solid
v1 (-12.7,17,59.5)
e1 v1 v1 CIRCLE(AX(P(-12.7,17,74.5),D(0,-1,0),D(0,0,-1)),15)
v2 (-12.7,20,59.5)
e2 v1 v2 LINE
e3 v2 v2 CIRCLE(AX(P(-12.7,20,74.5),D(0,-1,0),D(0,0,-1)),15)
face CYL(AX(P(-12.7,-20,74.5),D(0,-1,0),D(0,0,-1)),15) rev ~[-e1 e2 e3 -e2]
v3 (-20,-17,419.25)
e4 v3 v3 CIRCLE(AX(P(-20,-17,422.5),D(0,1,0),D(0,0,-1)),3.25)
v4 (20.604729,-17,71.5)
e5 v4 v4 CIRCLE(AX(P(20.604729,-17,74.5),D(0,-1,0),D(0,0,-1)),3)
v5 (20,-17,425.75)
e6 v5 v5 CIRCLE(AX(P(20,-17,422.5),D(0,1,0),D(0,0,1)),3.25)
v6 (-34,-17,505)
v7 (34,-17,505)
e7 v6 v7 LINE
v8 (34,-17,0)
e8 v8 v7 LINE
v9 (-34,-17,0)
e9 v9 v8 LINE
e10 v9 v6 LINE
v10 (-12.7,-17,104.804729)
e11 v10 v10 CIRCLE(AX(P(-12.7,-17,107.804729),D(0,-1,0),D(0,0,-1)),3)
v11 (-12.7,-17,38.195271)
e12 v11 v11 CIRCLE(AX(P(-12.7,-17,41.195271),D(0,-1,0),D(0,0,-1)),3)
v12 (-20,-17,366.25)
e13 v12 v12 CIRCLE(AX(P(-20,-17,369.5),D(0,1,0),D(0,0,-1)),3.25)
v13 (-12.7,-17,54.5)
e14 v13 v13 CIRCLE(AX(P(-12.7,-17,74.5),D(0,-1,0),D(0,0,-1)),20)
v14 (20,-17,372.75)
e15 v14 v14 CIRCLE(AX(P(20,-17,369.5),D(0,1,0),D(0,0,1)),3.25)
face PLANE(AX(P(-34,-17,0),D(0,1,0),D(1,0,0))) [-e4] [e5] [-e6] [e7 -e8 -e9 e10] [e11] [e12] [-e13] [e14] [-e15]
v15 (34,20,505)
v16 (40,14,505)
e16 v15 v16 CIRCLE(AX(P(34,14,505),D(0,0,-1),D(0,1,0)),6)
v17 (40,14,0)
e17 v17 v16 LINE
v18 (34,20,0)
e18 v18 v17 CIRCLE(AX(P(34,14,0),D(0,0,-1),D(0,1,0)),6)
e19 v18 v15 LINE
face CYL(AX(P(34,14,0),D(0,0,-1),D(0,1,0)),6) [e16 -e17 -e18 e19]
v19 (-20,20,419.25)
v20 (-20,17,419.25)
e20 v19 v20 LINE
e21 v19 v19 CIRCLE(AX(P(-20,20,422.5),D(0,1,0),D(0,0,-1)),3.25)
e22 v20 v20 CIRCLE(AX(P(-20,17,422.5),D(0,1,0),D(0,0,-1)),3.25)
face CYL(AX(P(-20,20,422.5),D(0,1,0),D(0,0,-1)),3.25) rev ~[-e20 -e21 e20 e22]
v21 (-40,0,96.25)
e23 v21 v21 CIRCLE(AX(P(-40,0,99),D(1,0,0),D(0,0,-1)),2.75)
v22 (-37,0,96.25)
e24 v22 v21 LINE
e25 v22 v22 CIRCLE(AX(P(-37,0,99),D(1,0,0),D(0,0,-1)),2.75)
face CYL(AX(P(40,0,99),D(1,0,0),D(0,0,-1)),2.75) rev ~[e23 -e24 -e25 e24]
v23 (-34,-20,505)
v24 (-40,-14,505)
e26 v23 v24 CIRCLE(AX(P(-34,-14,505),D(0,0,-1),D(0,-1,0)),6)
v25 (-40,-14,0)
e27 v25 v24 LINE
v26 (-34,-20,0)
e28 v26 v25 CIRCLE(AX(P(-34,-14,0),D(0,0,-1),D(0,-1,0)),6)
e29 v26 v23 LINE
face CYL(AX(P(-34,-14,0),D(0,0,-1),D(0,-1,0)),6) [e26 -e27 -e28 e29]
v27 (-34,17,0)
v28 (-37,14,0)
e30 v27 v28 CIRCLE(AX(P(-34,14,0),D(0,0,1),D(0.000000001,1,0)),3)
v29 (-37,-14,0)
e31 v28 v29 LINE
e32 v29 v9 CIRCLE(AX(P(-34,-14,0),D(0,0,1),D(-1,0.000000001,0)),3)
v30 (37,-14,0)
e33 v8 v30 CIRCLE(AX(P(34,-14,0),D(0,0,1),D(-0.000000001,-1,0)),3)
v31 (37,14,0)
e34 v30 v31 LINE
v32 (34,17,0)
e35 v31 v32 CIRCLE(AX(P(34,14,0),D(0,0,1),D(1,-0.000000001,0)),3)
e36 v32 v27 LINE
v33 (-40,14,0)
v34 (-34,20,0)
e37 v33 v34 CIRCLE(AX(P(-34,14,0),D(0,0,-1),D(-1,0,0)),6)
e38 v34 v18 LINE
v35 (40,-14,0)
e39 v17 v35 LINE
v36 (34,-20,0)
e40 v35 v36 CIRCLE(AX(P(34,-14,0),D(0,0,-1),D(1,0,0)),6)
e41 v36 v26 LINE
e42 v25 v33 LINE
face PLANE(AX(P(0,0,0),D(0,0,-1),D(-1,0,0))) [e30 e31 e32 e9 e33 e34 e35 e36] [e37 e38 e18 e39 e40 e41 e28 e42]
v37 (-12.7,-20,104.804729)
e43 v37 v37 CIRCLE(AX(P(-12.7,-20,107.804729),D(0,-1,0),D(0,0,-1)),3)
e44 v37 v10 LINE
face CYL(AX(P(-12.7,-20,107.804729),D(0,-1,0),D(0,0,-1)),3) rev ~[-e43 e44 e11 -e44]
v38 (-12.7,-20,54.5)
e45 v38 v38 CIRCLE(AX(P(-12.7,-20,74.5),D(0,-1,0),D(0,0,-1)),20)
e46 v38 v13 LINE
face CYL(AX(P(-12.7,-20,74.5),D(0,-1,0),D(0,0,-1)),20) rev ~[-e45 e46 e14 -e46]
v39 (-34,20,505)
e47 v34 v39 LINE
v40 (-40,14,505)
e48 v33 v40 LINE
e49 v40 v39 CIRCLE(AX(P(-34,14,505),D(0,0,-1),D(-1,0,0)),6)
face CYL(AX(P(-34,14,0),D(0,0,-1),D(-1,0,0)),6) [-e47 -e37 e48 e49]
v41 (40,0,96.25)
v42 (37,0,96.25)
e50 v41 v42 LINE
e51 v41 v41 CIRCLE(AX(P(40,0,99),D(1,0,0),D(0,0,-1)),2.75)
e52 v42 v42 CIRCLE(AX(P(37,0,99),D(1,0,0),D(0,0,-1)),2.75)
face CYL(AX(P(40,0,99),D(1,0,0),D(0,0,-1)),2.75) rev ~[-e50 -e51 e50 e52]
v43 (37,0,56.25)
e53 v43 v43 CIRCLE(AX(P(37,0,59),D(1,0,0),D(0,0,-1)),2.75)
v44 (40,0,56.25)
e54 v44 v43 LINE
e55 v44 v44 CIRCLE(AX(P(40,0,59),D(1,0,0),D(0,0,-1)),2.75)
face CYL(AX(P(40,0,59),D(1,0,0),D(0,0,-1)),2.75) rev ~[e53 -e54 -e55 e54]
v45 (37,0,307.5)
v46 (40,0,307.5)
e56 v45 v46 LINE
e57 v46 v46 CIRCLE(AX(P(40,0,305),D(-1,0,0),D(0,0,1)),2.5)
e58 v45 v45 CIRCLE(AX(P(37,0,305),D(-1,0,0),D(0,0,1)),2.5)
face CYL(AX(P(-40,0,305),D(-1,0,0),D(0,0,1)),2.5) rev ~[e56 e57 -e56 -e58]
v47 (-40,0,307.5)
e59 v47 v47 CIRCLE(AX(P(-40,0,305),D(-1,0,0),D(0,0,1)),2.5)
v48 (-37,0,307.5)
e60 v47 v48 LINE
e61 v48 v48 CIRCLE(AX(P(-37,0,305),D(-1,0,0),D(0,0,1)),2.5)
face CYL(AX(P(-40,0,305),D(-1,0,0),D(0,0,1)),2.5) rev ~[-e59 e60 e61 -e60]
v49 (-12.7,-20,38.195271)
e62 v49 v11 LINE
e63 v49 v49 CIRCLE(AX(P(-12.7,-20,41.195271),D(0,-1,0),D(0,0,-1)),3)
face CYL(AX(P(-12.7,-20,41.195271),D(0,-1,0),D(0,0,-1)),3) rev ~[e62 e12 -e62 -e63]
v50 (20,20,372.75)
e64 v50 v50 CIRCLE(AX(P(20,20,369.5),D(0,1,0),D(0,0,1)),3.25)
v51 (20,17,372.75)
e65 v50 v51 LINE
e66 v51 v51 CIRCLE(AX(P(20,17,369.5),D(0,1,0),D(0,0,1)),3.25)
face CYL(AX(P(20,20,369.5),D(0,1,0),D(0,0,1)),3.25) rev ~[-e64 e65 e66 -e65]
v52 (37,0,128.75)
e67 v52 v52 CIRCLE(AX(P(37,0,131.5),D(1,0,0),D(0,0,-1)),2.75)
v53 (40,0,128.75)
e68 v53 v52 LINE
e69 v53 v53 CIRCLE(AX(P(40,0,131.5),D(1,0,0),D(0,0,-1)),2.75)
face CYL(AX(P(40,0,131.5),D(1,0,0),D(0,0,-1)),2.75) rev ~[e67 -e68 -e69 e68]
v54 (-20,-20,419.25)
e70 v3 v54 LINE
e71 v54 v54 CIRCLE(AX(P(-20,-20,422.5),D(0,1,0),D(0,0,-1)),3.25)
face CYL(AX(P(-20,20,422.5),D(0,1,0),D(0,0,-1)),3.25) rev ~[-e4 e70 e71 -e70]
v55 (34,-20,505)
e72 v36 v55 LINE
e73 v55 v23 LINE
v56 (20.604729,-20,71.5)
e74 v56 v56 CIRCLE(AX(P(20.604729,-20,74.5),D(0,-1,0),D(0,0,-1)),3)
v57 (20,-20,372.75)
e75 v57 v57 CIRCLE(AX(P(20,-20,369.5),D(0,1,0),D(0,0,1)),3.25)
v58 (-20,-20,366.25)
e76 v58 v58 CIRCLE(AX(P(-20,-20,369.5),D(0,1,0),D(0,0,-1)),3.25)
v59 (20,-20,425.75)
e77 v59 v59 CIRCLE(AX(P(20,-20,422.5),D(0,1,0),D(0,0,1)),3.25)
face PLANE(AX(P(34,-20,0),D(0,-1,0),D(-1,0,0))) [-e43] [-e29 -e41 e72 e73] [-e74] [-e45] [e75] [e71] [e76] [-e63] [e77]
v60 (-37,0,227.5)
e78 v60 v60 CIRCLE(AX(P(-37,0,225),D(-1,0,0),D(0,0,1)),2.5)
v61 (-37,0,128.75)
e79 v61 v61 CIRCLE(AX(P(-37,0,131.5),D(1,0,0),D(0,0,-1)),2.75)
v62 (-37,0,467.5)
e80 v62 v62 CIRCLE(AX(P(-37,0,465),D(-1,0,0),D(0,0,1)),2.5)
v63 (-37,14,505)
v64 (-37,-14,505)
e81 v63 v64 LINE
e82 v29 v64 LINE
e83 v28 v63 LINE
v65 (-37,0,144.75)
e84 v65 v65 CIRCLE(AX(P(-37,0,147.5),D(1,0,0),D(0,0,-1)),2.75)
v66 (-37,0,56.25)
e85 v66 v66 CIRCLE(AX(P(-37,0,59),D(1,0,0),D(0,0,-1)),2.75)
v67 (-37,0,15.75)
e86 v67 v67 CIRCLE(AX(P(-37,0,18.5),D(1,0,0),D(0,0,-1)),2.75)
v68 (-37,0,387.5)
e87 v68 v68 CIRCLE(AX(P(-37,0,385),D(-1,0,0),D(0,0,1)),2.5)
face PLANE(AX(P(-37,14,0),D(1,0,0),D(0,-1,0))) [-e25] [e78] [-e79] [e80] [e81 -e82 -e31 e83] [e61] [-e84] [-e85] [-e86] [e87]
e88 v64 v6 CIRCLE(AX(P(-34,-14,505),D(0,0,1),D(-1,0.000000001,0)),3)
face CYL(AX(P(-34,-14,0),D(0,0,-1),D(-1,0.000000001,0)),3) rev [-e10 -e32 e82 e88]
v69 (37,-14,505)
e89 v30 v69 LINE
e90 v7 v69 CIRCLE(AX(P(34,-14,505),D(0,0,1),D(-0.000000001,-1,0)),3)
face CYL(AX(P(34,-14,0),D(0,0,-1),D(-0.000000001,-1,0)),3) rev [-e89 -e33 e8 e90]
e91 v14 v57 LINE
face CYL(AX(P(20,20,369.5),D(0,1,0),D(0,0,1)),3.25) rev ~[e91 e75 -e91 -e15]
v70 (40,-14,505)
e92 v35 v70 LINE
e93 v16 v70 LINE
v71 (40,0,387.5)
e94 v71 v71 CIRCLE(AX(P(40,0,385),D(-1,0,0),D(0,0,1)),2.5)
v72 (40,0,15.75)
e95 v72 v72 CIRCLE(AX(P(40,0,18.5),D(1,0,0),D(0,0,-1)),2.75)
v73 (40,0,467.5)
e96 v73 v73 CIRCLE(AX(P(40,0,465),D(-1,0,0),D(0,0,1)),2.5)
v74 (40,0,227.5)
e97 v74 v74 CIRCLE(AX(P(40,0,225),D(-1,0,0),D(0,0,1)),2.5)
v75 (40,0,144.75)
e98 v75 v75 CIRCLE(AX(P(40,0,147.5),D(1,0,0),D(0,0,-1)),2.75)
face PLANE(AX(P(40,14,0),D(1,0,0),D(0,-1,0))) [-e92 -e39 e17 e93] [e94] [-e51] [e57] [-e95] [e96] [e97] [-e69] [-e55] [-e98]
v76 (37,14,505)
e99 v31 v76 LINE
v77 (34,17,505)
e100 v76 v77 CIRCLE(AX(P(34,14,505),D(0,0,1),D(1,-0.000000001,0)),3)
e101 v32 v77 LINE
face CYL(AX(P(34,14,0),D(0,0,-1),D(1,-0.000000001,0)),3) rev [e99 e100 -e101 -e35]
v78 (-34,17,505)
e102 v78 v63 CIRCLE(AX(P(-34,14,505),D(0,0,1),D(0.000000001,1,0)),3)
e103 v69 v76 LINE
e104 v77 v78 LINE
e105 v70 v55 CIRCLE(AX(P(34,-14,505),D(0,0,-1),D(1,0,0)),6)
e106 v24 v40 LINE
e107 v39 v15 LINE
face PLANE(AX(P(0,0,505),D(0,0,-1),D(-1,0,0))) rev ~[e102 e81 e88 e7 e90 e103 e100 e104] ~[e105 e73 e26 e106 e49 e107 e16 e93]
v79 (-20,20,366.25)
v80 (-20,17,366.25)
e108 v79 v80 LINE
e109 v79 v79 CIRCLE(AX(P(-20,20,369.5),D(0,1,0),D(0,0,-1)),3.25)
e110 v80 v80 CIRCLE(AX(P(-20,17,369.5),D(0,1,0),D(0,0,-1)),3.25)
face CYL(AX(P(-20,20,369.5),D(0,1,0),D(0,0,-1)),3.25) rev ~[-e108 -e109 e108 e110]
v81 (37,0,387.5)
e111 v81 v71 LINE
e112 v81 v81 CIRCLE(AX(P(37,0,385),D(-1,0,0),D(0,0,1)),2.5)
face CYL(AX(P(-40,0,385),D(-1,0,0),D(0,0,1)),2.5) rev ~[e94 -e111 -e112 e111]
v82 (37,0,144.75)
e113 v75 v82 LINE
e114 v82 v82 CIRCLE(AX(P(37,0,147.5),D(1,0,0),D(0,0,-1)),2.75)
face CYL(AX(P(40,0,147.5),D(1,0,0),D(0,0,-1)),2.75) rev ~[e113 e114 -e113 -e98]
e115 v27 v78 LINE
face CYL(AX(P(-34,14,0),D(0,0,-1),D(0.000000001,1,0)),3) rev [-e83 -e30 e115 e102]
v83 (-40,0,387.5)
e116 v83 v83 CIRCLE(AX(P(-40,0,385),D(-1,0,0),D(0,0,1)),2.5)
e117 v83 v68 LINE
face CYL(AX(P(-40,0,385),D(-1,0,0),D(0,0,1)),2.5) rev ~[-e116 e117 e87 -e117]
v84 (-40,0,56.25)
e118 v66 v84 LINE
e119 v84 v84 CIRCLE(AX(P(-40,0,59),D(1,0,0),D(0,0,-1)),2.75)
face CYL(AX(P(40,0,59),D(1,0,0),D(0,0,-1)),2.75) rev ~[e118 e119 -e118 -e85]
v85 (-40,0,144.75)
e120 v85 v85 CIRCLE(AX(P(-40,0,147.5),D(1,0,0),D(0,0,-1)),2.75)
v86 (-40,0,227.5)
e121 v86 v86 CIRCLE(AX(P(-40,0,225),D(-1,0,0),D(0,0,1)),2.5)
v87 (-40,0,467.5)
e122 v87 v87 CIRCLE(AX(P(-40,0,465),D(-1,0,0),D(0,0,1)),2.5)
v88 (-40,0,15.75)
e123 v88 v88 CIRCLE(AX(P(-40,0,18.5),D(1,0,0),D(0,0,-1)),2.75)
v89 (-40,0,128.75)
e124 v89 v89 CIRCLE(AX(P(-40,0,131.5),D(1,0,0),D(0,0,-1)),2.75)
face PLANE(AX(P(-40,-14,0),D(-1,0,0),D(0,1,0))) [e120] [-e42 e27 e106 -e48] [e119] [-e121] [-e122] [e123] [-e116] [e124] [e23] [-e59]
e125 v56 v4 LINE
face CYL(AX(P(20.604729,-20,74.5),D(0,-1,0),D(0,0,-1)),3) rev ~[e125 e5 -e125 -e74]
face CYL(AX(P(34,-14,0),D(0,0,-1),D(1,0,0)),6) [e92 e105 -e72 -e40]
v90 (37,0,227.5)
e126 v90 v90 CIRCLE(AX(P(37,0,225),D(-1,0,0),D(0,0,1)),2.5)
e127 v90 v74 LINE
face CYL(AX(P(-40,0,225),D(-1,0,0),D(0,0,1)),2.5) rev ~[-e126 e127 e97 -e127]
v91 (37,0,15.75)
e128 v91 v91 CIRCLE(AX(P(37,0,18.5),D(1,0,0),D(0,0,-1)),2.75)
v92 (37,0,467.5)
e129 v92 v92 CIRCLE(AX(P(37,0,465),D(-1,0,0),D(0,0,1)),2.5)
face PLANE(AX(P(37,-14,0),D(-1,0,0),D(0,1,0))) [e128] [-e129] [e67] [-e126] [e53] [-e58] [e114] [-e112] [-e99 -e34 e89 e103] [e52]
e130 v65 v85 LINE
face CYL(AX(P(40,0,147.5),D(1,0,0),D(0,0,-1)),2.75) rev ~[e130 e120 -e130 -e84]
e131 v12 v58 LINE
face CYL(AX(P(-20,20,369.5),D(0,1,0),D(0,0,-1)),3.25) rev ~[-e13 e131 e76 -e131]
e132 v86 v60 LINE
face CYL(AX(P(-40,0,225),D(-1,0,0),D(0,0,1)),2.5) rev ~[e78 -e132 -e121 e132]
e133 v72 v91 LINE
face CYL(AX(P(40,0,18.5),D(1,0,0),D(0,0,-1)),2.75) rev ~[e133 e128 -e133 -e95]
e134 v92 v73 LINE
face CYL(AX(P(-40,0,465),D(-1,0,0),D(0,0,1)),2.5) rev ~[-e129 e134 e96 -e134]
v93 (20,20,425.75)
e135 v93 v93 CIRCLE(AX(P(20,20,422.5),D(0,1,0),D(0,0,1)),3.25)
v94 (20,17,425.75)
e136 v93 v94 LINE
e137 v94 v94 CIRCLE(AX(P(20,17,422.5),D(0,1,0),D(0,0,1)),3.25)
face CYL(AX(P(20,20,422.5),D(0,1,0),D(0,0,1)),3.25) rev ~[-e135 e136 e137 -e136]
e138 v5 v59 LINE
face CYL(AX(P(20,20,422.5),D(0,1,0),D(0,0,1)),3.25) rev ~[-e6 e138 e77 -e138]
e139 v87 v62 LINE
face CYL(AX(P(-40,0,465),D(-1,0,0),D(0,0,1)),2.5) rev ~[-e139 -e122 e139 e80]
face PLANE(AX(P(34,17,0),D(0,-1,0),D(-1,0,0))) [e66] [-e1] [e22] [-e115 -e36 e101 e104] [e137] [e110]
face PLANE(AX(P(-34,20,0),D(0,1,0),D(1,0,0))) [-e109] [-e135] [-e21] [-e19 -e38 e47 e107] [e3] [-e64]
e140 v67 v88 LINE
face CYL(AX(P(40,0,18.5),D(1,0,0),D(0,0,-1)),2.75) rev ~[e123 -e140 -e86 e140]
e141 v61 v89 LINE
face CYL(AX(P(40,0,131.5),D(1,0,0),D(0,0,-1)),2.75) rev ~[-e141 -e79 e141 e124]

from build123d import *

# Parameters (mm, degrees)
AUFSATZ_LINEAR_AUSTRAGEN1_DEPTH = 505
SKIZZE2_R                       = 3.25
SCHNITT_LINEAR_AUSTRAGEN1_DEPTH = 60
SKIZZE3_R                       = 2.75
SCHNITT_LINEAR_AUSTRAGEN2_DEPTH = 100
SKIZZE4_R                       = 15
SCHNITT_LINEAR_AUSTRAGEN3_DEPTH = 100
SKIZZE5_R                       = 2.5
SCHNITT_LINEAR_AUSTRAGEN4_DEPTH = 100
SKIZZE6_R                       = 3
SCHNITT_LINEAR_AUSTRAGEN5_DEPTH = 10
SKIZZE7_R                       = 20
SCHNITT_LINEAR_AUSTRAGEN6_DEPTH = 5


with BuildPart() as part:
    # Skizze1 → Aufsatz-Linear austragen1 (new body)
    with BuildSketch(Plane.XY):
        with BuildLine():
            Line((-34, 20), (34, 20))
            ThreePointArc((34, 20), (38.242640687, 18.242640687), (40, 14))
            Line((40, 14), (40, -14))
            ThreePointArc((40, -14), (38.242640687, -18.242640687), (34, -20))
            Line((34, -20), (-34, -20))
            ThreePointArc((-34, -20), (-38.242640687, -18.242640687), (-40, -14))
            Line((-40, -14), (-40, 14))
            ThreePointArc((-40, 14), (-38.242640687, 18.242640687), (-34, 20))
        make_face()
        with BuildLine():
            Line((-37, 14), (-37, -14))
            ThreePointArc((-37, -14), (-36.121320344, -16.121320344), (-34, -17))
            Line((-34, -17), (34, -17))
            ThreePointArc((34, -17), (36.121320344, -16.121320344), (37, -14))
            Line((37, -14), (37, 14))
            ThreePointArc((37, 14), (36.121320344, 16.121320344), (34, 17))
            Line((34, 17), (-34, 17))
            ThreePointArc((-34, 17), (-36.121320344, 16.121320344), (-37, 14))
        make_face(mode=Mode.SUBTRACT)
    extrude(amount=AUFSATZ_LINEAR_AUSTRAGEN1_DEPTH)

    # Skizze2 → Schnitt-Linear austragen1 (cut)
    with BuildSketch(Plane(origin=(0, 20, 0), x_dir=(1, 0, 0), z_dir=(0, 1, 0))):
        with Locations(Location((20, -369.5, 0), (0, 0, 270))):
            Circle(SKIZZE2_R)
        with Locations(Location((20, -422.5, 0), (0, 0, 270))):
            Circle(SKIZZE2_R)
        with Locations(Location((-20, -422.5, 0), (0, 0, 90))):
            Circle(SKIZZE2_R)
        with Locations(Location((-20, -369.5, 0), (0, 0, 90))):
            Circle(SKIZZE2_R)
    extrude(amount=-SCHNITT_LINEAR_AUSTRAGEN1_DEPTH, mode=Mode.SUBTRACT)

    # Skizze3 → Schnitt-Linear austragen2 (cut)
    with BuildSketch(Plane(origin=(40, 0, 0), x_dir=(0, 0, -1), z_dir=(1, 0, 0))):
        with Locations((-18.5, 0)):
            Circle(SKIZZE3_R)
        with Locations((-59, 0)):
            Circle(SKIZZE3_R)
        with Locations((-99, 0)):
            Circle(SKIZZE3_R)
        with Locations((-131.5, 0)):
            Circle(SKIZZE3_R)
        with Locations((-147.5, 0)):
            Circle(SKIZZE3_R)
    extrude(amount=-SCHNITT_LINEAR_AUSTRAGEN2_DEPTH, mode=Mode.SUBTRACT)

    # Skizze4 → Schnitt-Linear austragen3 (cut)
    with BuildSketch(Plane.XZ.offset(20)):
        with Locations(Location((-12.7, 74.5, 0), (0, 0, 270))):
            Circle(SKIZZE4_R)
    extrude(amount=-SCHNITT_LINEAR_AUSTRAGEN3_DEPTH, mode=Mode.SUBTRACT)

    # Skizze5 → Schnitt-Linear austragen4 (cut)
    with BuildSketch(Plane.ZY.offset(40)):
        with Locations((465, 0)):
            Circle(SKIZZE5_R)
        with Locations((385, 0)):
            Circle(SKIZZE5_R)
        with Locations((305, 0)):
            Circle(SKIZZE5_R)
        with Locations((225, 0)):
            Circle(SKIZZE5_R)
    extrude(amount=-SCHNITT_LINEAR_AUSTRAGEN4_DEPTH, mode=Mode.SUBTRACT)

    # Skizze6 → Schnitt-Linear austragen5 (cut)
    with BuildSketch(Plane.XZ.offset(20)):
        with Locations(Location((-12.7, 41.195270606, 0), (0, 0, 270))):
            Circle(SKIZZE6_R)
        with Locations(Location((20.604729394, 74.5, 0), (0, 0, 270))):
            Circle(SKIZZE6_R)
        with Locations(Location((-12.7, 107.804729394, 0), (0, 0, 270))):
            Circle(SKIZZE6_R)
        with Locations((-46.004729394, 74.5)):
            Circle(SKIZZE6_R)
    extrude(amount=-SCHNITT_LINEAR_AUSTRAGEN5_DEPTH, mode=Mode.SUBTRACT)

    # Skizze7 → Schnitt-Linear austragen6 (cut)
    with BuildSketch(Plane.XZ.offset(20)):
        with Locations(Location((-12.7, 74.5, 0), (0, 0, 270))):
            Circle(SKIZZE7_R)
    extrude(amount=-SCHNITT_LINEAR_AUSTRAGEN6_DEPTH, mode=Mode.SUBTRACT)


solid = part.part
